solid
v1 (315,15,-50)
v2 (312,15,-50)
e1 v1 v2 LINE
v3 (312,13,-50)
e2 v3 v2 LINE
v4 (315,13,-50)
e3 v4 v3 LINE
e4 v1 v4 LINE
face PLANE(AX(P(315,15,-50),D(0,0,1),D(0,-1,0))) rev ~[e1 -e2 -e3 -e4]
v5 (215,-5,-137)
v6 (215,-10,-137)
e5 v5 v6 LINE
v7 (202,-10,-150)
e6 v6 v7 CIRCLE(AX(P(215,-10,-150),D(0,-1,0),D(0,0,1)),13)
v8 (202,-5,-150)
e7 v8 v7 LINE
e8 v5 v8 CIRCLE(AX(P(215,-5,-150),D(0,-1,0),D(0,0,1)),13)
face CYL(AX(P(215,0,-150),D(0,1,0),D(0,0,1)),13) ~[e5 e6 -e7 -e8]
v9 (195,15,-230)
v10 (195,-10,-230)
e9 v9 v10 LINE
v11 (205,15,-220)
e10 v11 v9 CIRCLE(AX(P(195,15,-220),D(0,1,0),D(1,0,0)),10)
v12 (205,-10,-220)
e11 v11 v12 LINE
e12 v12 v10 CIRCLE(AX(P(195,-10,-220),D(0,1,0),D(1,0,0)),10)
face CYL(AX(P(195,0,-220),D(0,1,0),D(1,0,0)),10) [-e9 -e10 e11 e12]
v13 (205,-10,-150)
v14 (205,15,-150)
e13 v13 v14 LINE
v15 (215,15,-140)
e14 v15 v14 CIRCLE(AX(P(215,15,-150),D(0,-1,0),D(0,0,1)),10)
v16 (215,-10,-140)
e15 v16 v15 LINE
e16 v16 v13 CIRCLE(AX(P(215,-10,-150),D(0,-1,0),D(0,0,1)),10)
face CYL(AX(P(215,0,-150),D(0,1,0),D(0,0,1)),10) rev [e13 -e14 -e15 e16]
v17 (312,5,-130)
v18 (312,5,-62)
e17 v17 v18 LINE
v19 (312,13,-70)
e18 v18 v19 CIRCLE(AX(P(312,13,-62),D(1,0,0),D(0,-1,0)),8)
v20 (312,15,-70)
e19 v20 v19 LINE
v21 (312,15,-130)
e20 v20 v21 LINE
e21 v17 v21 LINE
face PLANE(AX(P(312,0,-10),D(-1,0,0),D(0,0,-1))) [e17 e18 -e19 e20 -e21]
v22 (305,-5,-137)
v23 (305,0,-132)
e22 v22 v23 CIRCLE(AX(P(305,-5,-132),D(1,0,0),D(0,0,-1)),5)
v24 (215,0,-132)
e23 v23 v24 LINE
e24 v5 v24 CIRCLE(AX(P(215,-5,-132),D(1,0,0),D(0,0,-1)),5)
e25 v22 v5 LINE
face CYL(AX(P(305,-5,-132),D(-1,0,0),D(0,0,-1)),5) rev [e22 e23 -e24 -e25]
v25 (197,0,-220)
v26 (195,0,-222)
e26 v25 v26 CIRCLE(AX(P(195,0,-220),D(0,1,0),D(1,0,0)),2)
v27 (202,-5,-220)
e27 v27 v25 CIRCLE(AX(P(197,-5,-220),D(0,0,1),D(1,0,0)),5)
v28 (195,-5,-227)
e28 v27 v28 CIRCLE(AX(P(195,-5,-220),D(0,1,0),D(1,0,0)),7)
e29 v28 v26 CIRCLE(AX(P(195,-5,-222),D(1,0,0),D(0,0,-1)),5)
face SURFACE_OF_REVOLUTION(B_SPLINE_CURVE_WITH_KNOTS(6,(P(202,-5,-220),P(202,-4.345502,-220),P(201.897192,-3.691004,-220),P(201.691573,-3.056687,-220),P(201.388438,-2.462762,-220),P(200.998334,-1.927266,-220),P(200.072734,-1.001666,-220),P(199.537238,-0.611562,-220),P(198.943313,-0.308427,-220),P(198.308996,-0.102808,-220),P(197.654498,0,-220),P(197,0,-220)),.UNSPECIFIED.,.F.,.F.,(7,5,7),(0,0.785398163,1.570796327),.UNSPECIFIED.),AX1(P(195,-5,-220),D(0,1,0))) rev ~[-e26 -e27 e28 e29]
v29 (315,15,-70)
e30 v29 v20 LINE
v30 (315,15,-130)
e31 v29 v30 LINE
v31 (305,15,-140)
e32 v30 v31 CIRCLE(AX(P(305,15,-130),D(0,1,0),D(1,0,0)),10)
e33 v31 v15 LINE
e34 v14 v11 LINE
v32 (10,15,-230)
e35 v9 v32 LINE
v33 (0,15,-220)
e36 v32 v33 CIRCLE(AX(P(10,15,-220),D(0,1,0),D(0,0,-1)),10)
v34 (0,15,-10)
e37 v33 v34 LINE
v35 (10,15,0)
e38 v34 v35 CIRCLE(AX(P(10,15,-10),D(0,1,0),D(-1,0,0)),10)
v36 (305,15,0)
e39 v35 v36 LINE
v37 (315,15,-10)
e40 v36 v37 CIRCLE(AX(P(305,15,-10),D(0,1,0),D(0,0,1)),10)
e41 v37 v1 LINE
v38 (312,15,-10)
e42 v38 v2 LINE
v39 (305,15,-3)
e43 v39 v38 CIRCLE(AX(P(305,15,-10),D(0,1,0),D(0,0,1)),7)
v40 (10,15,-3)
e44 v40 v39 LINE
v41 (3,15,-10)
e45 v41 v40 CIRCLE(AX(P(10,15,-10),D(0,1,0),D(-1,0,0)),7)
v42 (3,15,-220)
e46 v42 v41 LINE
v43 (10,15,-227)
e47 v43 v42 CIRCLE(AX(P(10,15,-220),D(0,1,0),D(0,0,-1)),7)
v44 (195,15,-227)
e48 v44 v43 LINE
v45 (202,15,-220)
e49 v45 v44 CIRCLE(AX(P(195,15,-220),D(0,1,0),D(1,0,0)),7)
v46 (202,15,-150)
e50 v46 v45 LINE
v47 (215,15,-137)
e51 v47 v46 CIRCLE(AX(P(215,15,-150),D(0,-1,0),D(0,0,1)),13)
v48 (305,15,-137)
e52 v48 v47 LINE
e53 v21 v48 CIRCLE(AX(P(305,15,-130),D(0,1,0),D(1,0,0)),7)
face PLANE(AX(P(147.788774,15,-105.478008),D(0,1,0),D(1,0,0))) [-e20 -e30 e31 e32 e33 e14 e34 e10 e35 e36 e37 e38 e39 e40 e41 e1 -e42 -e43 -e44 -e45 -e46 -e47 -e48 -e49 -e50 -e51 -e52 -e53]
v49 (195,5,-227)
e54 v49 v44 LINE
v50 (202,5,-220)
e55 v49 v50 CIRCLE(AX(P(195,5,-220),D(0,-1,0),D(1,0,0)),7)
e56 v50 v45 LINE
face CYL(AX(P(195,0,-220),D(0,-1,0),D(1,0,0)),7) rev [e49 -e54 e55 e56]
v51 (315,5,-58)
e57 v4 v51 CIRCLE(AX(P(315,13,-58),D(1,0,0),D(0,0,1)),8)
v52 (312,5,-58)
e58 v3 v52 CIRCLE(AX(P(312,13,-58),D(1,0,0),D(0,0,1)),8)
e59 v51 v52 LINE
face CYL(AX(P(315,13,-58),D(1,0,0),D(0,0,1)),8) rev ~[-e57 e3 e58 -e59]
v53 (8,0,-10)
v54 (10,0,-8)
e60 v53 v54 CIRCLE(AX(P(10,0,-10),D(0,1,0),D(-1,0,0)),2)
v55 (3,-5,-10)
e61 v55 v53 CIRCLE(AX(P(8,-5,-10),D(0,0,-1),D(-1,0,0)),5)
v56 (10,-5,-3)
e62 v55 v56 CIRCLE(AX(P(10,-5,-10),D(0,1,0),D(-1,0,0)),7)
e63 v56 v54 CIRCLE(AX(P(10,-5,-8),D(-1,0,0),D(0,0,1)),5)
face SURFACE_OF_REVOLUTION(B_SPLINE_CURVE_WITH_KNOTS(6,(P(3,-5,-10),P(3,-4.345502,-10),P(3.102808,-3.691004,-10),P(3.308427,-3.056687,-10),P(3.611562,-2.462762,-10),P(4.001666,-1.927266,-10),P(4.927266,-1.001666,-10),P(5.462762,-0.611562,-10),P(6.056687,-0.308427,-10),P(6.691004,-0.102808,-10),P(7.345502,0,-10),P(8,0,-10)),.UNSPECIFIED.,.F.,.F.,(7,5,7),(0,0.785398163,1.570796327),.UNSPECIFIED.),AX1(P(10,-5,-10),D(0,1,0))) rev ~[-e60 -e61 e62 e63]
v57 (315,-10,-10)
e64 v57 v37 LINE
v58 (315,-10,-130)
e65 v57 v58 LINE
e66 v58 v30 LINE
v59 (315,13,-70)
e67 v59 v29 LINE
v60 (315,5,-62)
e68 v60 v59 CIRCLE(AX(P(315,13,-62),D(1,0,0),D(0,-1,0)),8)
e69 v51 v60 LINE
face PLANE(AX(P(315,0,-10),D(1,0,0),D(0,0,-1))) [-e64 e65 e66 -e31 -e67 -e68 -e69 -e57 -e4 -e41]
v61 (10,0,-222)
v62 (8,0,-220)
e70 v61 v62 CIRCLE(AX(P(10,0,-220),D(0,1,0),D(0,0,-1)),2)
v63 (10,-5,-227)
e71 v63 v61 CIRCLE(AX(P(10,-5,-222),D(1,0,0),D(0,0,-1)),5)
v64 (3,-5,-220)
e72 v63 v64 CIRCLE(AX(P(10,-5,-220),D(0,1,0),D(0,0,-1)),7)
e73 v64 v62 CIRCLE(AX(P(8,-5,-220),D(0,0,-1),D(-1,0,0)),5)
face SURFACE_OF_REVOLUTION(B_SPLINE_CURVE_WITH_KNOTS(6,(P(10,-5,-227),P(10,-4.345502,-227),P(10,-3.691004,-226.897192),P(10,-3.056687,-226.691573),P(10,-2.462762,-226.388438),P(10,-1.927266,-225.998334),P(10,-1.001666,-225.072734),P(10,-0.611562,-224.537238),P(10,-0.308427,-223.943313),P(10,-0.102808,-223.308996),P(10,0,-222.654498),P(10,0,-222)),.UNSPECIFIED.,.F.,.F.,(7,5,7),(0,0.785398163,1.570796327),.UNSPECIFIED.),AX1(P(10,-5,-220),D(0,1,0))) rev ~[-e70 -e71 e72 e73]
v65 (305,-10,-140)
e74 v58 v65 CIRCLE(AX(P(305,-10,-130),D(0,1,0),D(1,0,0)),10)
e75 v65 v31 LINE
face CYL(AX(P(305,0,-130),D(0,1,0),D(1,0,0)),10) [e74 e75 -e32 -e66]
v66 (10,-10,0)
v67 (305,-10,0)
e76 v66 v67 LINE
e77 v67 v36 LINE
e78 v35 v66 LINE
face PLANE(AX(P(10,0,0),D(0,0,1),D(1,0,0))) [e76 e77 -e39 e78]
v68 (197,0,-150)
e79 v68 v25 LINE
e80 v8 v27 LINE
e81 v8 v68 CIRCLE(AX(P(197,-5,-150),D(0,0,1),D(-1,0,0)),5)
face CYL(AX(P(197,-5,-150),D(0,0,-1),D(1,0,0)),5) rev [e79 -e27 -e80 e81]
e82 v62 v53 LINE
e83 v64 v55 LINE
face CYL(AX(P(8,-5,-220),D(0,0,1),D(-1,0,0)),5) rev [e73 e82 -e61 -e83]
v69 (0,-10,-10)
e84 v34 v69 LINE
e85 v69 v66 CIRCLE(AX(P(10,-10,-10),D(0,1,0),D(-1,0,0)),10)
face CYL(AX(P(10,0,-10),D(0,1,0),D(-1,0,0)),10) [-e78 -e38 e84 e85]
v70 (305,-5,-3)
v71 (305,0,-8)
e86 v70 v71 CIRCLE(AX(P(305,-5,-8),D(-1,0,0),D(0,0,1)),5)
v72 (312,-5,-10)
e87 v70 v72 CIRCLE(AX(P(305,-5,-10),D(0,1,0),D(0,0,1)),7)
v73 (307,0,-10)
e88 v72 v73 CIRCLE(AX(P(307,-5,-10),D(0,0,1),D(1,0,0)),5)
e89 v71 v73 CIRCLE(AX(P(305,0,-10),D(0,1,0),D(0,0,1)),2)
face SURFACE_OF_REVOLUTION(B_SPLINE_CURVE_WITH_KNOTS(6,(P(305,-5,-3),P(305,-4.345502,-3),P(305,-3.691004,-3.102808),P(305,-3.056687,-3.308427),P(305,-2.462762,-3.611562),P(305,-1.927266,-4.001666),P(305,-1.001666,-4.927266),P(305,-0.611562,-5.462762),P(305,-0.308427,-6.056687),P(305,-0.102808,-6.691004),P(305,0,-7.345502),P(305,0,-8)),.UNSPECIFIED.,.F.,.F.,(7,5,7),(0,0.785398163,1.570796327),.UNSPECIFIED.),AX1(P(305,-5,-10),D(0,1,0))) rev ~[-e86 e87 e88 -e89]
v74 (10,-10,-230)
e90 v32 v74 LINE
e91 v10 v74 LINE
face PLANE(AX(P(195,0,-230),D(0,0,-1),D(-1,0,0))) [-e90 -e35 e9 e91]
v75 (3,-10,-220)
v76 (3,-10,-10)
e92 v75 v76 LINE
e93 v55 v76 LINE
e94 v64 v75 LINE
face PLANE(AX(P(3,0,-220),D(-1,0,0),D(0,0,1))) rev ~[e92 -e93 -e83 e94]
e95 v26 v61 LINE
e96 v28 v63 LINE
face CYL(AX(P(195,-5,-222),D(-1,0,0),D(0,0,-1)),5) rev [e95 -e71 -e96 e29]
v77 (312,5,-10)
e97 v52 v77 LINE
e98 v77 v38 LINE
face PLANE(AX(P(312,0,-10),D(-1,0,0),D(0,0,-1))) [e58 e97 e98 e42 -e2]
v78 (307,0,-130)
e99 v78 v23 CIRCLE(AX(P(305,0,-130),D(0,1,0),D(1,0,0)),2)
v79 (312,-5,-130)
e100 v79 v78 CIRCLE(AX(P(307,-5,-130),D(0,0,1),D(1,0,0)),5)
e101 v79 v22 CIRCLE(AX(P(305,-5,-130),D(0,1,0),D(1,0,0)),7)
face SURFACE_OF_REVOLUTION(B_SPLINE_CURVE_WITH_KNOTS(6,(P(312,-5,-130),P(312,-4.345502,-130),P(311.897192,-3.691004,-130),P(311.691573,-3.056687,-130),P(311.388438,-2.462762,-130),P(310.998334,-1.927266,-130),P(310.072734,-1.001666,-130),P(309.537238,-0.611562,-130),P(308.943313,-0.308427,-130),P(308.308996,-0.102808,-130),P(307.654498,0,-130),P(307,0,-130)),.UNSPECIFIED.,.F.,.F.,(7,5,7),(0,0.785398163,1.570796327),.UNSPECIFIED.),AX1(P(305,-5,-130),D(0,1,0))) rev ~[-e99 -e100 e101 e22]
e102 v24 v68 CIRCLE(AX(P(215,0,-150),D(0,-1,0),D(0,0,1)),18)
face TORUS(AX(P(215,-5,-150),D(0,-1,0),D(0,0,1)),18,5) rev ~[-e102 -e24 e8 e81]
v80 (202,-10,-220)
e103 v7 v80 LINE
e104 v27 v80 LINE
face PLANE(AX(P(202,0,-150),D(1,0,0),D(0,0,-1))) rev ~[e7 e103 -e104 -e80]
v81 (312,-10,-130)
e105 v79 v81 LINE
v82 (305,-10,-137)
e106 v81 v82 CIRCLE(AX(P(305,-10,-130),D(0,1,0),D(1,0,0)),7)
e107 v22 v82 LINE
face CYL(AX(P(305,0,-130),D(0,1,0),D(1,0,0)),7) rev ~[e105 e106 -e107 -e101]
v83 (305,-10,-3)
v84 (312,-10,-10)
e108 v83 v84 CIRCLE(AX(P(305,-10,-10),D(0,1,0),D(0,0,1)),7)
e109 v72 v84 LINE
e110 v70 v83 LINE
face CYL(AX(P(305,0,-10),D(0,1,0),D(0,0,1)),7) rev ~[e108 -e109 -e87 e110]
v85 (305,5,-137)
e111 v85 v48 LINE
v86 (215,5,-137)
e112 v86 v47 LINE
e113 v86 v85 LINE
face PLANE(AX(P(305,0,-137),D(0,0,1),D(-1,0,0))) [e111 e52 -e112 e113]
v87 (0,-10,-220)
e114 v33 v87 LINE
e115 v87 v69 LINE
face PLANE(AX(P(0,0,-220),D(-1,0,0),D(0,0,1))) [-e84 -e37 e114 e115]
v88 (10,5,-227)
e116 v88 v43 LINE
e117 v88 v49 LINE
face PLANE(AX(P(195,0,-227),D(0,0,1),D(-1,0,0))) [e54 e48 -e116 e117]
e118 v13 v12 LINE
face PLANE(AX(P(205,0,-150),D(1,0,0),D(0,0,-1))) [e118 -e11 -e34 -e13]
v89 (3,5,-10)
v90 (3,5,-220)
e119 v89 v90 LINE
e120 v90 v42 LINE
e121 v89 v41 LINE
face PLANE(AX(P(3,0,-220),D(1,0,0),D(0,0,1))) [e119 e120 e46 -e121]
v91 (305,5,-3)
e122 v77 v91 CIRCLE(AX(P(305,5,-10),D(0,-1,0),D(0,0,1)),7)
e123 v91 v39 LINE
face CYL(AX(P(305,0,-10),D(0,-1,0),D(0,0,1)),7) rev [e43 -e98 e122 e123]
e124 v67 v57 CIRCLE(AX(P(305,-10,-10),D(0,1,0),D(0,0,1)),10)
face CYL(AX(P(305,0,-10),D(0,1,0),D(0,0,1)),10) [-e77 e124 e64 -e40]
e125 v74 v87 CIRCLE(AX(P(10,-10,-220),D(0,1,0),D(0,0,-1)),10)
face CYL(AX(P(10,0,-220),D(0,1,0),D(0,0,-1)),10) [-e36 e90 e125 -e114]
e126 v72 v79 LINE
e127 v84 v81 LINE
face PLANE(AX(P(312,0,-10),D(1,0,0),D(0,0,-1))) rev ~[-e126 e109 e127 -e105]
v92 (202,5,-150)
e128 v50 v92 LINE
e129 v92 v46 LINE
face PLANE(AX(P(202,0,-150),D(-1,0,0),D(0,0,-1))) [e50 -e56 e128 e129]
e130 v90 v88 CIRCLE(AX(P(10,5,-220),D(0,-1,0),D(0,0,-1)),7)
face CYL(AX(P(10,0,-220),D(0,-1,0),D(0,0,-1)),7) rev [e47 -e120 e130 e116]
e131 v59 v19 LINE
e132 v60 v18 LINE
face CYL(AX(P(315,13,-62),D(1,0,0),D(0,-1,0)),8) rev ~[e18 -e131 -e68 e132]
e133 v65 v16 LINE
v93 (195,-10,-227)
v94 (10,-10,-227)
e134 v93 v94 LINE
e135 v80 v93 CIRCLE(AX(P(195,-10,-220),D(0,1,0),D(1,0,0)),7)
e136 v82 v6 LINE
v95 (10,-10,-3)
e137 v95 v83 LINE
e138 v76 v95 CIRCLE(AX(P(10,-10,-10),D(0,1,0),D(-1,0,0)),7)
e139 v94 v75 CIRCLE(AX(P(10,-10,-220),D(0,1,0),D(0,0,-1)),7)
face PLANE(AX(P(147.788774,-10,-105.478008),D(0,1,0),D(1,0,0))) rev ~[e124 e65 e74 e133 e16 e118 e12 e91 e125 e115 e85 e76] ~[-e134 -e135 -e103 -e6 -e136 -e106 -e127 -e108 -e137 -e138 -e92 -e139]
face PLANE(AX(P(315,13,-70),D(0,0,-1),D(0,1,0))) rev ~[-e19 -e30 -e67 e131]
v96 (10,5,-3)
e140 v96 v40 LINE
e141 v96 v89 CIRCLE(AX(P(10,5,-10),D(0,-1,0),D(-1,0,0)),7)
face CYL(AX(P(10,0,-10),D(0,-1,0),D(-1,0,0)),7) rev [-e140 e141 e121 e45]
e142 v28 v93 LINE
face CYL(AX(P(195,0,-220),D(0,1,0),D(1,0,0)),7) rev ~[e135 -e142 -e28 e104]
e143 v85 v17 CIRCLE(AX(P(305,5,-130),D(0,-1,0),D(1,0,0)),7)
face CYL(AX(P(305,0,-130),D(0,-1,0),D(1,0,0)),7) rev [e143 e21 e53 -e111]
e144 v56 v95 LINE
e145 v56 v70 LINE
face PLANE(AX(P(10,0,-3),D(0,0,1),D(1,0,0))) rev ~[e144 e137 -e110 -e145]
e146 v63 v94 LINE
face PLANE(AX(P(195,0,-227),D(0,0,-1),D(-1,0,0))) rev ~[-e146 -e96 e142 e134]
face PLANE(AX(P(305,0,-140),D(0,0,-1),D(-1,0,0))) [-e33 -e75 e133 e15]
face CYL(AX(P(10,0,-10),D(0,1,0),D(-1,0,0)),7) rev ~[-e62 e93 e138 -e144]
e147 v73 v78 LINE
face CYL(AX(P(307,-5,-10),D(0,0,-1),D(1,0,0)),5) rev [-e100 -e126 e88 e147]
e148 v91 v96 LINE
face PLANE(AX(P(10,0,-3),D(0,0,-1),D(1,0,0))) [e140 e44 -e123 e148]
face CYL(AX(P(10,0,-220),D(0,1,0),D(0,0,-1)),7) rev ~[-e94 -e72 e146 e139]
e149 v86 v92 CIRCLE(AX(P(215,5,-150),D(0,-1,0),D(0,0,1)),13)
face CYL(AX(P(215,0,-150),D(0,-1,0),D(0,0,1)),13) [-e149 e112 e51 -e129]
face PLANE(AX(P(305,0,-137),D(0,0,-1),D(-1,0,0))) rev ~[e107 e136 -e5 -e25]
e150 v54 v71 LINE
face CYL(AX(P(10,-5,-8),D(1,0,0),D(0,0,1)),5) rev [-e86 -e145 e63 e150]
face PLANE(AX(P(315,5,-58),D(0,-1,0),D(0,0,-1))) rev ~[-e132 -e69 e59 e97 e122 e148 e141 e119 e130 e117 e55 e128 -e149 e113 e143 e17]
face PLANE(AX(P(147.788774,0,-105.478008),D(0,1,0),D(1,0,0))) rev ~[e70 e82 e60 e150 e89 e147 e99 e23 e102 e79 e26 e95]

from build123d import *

# Parameters (mm, degrees)
BOSS_EXTRUDE1_DEPTH      = 5
BOSS_EXTRUDE2_DEPTH      = 15
BOSS_EXTRUDE2_DEPTH_BACK = 10
CUT_EXTRUDE1_DEPTH       = 10
FILLET1_R                = 5


with BuildPart() as part:
    # Sketch1 → Boss-Extrude1 (new body)
    with BuildSketch(Plane(origin=(0, 0, 0), x_dir=(1, 0, 0), z_dir=(0, 1, 0))):
        with BuildLine():
            Line((305, 140), (215, 140))
            ThreePointArc((215, 140), (207.928932188, 142.928932188), (205, 150))
            Line((205, 150), (205, 220))
            ThreePointArc((205, 220), (202.071067812, 227.071067812), (195, 230))
            Line((195, 230), (10, 230))
            ThreePointArc((10, 230), (2.928932188, 227.071067812), (0, 220))
            Line((0, 220), (0, 10))
            ThreePointArc((0, 10), (2.928932188, 2.928932188), (10, 0))
            Line((10, 0), (305, 0))
            ThreePointArc((305, 0), (312.071067812, 2.928932188), (315, 10))
            Line((315, 10), (315, 130))
            ThreePointArc((315, 130), (312.071067812, 137.071067812), (305, 140))
        make_face()
    extrude(amount=BOSS_EXTRUDE1_DEPTH)

    # Sketch3 → Boss-Extrude2 (add, two sides)
    with BuildSketch(Plane(origin=(0, 0, 0), x_dir=(1, 0, 0), z_dir=(0, 1, 0))) as boss_extrude2_sk:
        with BuildLine():
            Line((10, 0), (305, 0))
            ThreePointArc((305, 0), (312.071067812, 2.928932188), (315, 10))
            Line((315, 10), (315, 130))
            ThreePointArc((315, 130), (312.071067812, 137.071067812), (305, 140))
            Line((305, 140), (215, 140))
            ThreePointArc((215, 140), (207.928932188, 142.928932188), (205, 150))
            Line((205, 150), (205, 220))
            ThreePointArc((205, 220), (202.071067812, 227.071067812), (195, 230))
            Line((195, 230), (10, 230))
            ThreePointArc((10, 230), (2.928932188, 227.071067812), (0, 220))
            Line((0, 220), (0, 10))
            ThreePointArc((0, 10), (2.928932188, 2.928932188), (10, 0))
        make_face()
        with BuildLine():
            Line((10, 3), (305, 3))
            ThreePointArc((305, 3), (309.949747468, 5.050252532), (312, 10))
            Line((312, 10), (312, 130))
            ThreePointArc((312, 130), (309.949747468, 134.949747468), (305, 137))
            Line((305, 137), (215, 137))
            ThreePointArc((215, 137), (205.807611845, 140.807611845), (202, 150))
            Line((202, 150), (202, 220))
            ThreePointArc((202, 220), (199.949747468, 224.949747468), (195, 227))
            Line((195, 227), (10, 227))
            ThreePointArc((10, 227), (5.050252532, 224.949747468), (3, 220))
            Line((3, 220), (3, 10))
            ThreePointArc((3, 10), (5.050252532, 5.050252532), (10, 3))
        make_face(mode=Mode.SUBTRACT)
    extrude(amount=BOSS_EXTRUDE2_DEPTH)
    extrude(boss_extrude2_sk.sketch, amount=-BOSS_EXTRUDE2_DEPTH_BACK)

    # Sketch4 → Cut-Extrude1 (cut)
    with BuildSketch(Plane(origin=(315, 0, 0), x_dir=(0, 0, -1), z_dir=(1, 0, 0))):
        with BuildLine():
            Line((50, 15), (50, 13))
            ThreePointArc((50, 13), (52.343145751, 7.343145751), (58, 5))
            Line((58, 5), (62, 5))
            ThreePointArc((62, 5), (67.656854249, 7.343145751), (70, 13))
            Line((70, 13), (70, 15))
            Line((70, 15), (50, 15))
        make_face()
    extrude(amount=-CUT_EXTRUDE1_DEPTH, mode=Mode.SUBTRACT)

    # Fillet1
    fillet1_edges = [part.edges().sort_by_distance(p)[0] for p in [
        (157.5, 0, -3),
        (309.949747468, 0, -5.050252532),
        (312, 0, -70),
        (309.949747468, 0, -134.949747468),
        (260, 0, -137),
        (205.807611845, 0, -140.807611845),
        (202, 0, -185),
        (199.949747468, 0, -224.949747468),
        (102.5, 0, -227),
        (5.050252532, 0, -224.949747468),
        (3, 0, -115),
        (5.050252532, 0, -5.050252532),
    ]]
    fillet(fillet1_edges, radius=FILLET1_R)


solid = part.part
